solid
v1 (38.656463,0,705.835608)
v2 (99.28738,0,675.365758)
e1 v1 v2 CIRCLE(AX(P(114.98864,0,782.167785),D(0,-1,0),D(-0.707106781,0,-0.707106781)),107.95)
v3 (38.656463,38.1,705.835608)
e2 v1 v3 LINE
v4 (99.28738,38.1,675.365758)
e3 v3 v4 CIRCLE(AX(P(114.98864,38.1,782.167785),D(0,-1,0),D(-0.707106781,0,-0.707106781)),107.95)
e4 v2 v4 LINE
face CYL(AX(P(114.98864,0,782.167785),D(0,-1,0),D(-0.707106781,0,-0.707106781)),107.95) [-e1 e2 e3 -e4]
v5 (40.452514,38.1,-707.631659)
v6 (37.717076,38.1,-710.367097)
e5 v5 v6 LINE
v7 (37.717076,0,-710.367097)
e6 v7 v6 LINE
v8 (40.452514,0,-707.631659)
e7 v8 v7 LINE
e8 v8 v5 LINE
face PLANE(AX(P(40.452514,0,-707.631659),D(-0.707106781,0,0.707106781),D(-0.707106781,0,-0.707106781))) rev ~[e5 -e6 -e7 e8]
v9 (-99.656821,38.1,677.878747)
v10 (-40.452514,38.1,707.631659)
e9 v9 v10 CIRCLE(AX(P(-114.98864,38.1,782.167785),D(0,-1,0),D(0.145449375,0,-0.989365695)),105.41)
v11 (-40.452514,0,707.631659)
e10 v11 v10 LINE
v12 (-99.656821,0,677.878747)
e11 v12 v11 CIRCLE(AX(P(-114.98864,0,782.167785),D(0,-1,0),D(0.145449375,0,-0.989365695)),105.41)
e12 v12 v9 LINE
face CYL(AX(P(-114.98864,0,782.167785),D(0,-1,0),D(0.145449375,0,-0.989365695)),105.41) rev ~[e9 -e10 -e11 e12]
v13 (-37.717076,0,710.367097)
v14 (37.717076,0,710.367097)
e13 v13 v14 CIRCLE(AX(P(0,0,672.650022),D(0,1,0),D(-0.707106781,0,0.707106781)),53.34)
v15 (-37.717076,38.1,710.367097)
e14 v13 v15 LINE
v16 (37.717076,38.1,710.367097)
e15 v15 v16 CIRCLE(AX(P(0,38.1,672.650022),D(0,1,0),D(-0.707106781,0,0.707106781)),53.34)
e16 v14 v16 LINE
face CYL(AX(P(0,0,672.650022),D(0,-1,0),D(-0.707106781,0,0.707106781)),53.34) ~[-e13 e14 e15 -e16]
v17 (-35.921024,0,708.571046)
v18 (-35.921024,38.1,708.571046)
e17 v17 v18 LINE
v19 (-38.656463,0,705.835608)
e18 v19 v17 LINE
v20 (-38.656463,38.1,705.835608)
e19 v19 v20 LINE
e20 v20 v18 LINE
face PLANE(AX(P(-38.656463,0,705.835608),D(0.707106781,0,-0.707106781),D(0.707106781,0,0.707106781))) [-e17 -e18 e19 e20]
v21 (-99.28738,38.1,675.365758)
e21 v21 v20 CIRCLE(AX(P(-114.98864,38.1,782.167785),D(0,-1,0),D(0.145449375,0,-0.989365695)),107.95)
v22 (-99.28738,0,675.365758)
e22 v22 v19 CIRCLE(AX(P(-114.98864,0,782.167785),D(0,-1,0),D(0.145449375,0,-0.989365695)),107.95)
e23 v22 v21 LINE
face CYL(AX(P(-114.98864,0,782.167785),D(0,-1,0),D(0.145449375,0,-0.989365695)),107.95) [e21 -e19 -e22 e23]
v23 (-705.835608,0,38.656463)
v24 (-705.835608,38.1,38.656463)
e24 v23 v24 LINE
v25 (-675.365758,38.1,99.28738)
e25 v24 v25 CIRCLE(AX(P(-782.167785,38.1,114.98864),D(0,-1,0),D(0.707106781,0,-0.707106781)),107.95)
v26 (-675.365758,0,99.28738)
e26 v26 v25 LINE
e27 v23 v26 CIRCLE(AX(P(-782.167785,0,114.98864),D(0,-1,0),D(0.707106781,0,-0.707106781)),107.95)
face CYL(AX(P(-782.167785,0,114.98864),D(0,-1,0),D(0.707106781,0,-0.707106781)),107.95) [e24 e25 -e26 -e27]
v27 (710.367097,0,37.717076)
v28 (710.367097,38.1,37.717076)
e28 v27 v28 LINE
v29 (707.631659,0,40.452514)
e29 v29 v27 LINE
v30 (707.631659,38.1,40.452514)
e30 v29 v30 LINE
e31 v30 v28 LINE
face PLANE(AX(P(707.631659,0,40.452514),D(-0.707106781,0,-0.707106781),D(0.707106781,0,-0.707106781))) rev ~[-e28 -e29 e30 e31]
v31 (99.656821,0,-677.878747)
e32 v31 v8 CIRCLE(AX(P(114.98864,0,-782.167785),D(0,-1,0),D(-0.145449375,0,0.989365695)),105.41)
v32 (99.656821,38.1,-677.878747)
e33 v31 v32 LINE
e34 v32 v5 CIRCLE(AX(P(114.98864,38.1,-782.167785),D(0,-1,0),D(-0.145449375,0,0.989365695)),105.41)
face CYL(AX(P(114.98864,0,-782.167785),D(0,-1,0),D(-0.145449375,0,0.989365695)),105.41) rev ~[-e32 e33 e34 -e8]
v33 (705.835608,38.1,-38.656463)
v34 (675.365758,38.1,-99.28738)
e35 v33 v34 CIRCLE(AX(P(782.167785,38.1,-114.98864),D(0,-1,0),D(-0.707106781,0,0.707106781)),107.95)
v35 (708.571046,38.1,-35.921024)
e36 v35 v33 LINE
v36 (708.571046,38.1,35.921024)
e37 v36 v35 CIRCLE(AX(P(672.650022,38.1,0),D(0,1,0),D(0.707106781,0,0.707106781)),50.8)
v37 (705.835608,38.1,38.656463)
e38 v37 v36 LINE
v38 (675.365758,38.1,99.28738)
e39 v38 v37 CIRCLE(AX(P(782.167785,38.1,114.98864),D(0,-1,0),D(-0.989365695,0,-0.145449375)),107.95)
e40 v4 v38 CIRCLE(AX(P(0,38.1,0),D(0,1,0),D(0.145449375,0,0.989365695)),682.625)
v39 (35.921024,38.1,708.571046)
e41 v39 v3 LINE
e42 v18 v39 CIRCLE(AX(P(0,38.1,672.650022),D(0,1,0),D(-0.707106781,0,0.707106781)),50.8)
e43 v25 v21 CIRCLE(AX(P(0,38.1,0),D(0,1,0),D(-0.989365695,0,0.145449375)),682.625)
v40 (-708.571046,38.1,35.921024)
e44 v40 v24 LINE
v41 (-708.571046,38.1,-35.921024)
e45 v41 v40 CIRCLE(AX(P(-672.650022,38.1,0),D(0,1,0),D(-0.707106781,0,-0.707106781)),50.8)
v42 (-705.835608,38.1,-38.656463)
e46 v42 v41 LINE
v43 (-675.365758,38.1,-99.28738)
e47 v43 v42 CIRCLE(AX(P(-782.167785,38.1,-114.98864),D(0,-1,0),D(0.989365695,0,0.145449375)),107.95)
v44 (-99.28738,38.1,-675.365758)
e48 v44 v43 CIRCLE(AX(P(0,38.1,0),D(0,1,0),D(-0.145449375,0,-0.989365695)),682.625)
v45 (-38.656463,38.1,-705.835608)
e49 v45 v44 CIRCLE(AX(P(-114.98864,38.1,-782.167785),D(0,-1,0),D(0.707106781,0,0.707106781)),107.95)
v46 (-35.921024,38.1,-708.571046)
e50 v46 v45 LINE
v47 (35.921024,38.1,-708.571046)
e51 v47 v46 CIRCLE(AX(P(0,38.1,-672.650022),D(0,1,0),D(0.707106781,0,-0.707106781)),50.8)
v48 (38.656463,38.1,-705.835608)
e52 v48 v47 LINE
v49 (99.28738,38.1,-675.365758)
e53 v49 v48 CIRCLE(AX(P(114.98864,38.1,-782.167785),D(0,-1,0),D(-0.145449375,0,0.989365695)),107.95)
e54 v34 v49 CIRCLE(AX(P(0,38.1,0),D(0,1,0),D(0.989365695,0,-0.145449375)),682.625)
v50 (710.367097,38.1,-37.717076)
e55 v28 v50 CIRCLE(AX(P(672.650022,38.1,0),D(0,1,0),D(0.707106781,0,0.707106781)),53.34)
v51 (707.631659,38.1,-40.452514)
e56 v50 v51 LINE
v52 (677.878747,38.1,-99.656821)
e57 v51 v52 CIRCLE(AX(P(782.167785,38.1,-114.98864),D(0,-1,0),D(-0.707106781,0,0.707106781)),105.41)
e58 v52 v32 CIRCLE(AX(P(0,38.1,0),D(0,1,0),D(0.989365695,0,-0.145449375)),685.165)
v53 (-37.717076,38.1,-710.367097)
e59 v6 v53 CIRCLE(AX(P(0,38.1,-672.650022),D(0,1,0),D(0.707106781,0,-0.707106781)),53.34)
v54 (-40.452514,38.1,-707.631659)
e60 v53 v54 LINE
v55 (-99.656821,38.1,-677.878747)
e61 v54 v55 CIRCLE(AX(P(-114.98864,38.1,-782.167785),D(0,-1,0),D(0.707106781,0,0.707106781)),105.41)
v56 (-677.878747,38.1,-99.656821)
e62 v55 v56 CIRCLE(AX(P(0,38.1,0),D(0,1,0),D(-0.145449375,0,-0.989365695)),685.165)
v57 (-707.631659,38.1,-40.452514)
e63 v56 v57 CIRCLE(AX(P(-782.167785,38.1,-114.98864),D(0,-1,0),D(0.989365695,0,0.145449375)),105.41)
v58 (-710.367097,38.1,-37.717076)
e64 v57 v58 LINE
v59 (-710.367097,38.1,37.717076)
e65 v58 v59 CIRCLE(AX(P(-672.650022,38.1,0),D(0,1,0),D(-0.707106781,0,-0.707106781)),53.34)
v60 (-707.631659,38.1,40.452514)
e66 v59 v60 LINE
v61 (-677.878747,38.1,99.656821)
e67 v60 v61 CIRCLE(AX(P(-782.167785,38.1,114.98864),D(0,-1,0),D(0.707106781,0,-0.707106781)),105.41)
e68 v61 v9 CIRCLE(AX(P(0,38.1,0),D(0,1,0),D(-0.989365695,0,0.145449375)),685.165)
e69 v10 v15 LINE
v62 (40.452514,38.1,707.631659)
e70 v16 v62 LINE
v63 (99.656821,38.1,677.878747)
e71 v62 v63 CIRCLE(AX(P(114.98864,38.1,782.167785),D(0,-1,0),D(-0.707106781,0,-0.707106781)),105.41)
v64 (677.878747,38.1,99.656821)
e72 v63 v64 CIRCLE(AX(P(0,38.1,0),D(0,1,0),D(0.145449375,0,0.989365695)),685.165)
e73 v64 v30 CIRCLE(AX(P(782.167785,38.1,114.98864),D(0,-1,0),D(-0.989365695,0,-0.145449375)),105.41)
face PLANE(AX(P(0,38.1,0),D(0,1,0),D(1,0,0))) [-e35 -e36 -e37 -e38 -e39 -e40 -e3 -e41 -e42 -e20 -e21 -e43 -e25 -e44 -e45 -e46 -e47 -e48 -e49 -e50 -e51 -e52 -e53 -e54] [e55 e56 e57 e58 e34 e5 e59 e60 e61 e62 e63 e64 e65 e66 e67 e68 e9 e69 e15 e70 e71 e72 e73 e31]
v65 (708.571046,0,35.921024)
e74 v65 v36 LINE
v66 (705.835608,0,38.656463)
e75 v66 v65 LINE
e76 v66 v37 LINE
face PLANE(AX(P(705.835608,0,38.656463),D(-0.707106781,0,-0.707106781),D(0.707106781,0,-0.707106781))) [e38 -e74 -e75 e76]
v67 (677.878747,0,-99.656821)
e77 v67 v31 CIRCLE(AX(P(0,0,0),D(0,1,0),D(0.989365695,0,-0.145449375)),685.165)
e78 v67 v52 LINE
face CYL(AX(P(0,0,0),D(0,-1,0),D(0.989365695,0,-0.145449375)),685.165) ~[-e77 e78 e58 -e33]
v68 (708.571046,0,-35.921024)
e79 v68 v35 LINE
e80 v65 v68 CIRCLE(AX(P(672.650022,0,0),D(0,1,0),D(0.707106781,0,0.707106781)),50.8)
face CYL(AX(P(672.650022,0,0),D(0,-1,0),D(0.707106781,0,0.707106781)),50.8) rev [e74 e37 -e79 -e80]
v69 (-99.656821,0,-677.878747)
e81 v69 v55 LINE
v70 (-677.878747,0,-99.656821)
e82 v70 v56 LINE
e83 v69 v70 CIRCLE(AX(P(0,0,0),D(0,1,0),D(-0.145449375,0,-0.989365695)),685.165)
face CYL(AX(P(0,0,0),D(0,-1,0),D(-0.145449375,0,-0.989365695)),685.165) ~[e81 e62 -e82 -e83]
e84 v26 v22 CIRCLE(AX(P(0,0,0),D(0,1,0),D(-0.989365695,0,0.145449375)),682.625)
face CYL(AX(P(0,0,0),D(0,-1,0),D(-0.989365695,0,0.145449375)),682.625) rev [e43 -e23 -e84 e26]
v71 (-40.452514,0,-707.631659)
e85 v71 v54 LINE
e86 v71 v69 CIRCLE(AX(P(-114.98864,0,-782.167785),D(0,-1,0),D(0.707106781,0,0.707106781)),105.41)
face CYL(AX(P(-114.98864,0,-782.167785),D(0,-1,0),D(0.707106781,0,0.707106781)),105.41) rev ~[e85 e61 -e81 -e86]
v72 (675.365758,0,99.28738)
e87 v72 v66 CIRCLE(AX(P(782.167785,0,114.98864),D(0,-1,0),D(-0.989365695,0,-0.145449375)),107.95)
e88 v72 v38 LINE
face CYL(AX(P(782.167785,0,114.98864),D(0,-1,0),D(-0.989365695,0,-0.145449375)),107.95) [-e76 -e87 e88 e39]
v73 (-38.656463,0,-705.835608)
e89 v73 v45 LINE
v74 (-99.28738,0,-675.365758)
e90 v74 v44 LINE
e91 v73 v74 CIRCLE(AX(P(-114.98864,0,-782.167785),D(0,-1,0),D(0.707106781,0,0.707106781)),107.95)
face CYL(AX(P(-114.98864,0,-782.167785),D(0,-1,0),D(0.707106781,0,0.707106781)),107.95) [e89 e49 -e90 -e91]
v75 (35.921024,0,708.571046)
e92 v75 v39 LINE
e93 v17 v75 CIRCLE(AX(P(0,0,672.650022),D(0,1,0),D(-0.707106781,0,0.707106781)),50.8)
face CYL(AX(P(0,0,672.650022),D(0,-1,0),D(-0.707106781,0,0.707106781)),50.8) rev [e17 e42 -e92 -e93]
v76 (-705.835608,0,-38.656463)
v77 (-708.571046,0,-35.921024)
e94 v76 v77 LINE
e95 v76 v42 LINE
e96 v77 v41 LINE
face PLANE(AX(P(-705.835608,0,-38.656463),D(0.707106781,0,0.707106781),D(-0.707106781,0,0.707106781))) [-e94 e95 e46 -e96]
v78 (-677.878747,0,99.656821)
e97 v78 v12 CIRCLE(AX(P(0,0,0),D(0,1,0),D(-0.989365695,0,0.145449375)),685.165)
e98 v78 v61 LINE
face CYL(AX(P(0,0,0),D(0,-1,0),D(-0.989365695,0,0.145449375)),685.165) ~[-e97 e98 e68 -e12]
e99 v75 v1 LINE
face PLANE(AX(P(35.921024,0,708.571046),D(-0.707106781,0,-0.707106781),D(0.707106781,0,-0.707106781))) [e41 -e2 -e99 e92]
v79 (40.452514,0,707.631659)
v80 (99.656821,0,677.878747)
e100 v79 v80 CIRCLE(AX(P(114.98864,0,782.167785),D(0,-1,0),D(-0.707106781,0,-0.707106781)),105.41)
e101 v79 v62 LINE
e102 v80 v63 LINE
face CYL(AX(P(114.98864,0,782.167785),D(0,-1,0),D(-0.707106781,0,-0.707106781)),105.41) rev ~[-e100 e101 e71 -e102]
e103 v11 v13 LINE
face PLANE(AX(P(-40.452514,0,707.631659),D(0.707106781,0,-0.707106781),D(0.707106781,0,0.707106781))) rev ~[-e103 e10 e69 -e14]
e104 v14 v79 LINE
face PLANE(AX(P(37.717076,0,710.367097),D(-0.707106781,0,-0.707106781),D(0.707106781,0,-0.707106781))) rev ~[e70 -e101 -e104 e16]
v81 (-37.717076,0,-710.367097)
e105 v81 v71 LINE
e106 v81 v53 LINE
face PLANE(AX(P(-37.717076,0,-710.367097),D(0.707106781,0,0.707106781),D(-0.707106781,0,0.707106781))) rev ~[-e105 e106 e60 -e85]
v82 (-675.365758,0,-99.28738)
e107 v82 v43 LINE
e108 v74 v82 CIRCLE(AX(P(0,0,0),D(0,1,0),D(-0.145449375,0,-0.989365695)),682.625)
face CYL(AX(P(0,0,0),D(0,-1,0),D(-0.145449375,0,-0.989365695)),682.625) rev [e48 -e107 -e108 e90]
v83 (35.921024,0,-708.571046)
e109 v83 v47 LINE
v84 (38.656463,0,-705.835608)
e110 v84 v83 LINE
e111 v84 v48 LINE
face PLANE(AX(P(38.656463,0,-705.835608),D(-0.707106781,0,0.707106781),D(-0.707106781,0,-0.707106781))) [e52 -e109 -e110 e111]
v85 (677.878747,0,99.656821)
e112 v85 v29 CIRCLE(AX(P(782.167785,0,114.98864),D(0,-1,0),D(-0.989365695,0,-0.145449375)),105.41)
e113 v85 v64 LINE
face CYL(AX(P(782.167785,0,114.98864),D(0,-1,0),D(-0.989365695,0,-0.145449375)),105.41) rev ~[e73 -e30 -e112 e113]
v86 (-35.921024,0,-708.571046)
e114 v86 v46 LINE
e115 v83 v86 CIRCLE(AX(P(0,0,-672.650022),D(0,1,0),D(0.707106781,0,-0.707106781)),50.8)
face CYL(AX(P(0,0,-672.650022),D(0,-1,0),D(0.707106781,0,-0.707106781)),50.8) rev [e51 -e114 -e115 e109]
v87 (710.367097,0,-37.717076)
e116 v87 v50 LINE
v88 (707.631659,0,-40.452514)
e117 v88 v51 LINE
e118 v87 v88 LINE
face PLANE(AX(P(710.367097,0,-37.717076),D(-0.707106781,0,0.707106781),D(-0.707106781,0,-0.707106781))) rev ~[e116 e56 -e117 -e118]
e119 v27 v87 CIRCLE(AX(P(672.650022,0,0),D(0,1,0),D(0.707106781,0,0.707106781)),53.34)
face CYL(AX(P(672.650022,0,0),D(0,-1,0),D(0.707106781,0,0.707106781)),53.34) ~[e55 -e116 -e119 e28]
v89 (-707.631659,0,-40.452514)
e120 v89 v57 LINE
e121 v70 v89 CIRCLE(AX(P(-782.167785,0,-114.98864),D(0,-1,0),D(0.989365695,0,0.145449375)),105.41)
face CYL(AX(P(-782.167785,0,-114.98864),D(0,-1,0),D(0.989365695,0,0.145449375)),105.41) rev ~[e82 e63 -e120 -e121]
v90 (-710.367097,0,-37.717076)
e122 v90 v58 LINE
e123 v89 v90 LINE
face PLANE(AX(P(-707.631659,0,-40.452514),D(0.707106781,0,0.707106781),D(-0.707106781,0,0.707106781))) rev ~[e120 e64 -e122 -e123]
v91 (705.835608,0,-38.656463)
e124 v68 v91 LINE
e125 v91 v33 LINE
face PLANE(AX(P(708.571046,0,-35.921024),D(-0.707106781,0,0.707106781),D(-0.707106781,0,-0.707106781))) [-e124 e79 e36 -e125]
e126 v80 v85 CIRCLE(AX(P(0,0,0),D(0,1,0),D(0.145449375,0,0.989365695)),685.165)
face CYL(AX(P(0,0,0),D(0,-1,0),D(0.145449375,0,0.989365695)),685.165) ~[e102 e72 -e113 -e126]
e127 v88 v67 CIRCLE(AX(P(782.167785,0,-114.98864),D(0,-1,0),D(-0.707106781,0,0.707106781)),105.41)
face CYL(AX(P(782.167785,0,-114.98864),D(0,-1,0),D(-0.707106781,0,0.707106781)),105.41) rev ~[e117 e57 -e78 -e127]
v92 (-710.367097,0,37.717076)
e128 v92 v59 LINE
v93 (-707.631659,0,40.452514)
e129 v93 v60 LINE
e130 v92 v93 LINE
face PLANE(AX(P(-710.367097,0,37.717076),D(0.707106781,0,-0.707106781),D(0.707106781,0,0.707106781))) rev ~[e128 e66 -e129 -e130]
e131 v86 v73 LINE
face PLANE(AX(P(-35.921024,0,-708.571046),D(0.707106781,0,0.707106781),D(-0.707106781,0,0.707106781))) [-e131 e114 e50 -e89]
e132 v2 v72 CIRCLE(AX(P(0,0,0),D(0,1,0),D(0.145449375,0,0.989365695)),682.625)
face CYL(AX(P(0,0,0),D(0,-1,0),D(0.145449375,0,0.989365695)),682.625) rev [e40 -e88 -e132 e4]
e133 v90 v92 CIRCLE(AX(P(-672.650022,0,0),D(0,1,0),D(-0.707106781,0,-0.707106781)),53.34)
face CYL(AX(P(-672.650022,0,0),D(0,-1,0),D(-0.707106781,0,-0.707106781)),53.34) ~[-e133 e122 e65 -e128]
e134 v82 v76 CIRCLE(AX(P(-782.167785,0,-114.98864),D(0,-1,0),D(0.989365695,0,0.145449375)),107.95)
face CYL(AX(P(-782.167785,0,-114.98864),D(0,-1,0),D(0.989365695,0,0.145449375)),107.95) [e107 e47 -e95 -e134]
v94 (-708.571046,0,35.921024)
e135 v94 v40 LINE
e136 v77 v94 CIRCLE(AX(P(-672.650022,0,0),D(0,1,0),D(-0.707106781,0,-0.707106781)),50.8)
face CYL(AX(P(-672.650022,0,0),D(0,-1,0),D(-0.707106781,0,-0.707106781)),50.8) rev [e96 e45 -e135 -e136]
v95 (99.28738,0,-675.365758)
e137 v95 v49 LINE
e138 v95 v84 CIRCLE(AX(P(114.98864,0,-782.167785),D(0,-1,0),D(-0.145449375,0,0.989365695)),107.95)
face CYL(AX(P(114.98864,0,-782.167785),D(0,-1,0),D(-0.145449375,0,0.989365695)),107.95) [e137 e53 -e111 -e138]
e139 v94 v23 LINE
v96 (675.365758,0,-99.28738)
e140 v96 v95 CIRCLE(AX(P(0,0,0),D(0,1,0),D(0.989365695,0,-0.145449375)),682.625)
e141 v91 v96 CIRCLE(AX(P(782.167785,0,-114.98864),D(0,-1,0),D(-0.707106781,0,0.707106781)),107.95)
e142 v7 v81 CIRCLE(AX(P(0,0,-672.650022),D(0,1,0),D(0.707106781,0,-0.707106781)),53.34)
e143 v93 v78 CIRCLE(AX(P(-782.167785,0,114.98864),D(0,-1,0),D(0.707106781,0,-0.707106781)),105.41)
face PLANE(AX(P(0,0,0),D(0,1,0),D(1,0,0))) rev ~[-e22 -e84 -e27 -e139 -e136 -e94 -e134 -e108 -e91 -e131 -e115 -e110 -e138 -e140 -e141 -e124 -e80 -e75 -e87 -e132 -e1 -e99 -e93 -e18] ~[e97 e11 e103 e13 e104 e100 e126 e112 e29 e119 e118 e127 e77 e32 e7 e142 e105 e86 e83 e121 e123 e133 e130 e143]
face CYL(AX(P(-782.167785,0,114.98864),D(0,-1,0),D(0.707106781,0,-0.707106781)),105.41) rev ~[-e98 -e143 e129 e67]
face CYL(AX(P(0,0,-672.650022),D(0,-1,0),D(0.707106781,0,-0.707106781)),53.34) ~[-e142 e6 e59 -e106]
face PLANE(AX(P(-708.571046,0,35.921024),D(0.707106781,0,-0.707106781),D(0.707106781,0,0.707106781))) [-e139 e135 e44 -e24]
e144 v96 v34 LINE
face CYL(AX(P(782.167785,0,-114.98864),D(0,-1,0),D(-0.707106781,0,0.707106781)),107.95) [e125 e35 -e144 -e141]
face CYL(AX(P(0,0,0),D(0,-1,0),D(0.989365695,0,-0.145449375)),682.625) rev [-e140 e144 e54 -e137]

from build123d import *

# Parameters (mm, degrees)
EXTRUDE_THIN1_DEPTH = 38.1


with BuildPart() as part:
    # Sketch1 → Extrude-Thin1 (new body)
    with BuildSketch(Plane(origin=(0, 0, 0), x_dir=(1, 0, 0), z_dir=(0, 1, 0))):
        with BuildLine():
            Line((40.452514176, 707.631658817), (37.717075708, 710.367097284))
            ThreePointArc((37.717075708, 710.367097284), (0, 725.990021576), (-37.717075708, 710.367097284))
            Line((-37.717075708, 710.367097284), (-40.452514176, 707.631658817))
            ThreePointArc((-40.452514176, 707.631658817), (-67.656084524, 687.982343635), (-99.656821316, 677.878746672))
            ThreePointArc((-99.656821316, 677.878746672), (-484.484817732, 484.484817732), (-677.878746672, 99.656821316))
            ThreePointArc((-677.878746672, 99.656821316), (-687.982343635, 67.656084524), (-707.631658817, 40.452514176))
            Line((-707.631658817, 40.452514176), (-710.367097284, 37.717075708))
            ThreePointArc((-710.367097284, 37.717075708), (-725.990021576, 0), (-710.367097284, -37.717075708))
            Line((-710.367097284, -37.717075708), (-707.631658817, -40.452514176))
            ThreePointArc((-707.631658817, -40.452514176), (-687.982343635, -67.656084524), (-677.878746672, -99.656821316))
            ThreePointArc((-677.878746672, -99.656821316), (-484.484817732, -484.484817732), (-99.656821316, -677.878746672))
            ThreePointArc((-99.656821316, -677.878746672), (-67.656084524, -687.982343635), (-40.452514176, -707.631658817))
            Line((-40.452514176, -707.631658817), (-37.717075708, -710.367097284))
            ThreePointArc((-37.717075708, -710.367097284), (0, -725.990021576), (37.717075708, -710.367097284))
            Line((37.717075708, -710.367097284), (40.452514176, -707.631658817))
            ThreePointArc((40.452514176, -707.631658817), (67.656084524, -687.982343635), (99.656821316, -677.878746672))
            ThreePointArc((99.656821316, -677.878746672), (484.484817732, -484.484817732), (677.878746672, -99.656821316))
            ThreePointArc((677.878746672, -99.656821316), (687.982343635, -67.656084524), (707.631658817, -40.452514176))
            Line((707.631658817, -40.452514176), (710.367097284, -37.717075708))
            ThreePointArc((710.367097284, -37.717075708), (725.990021576, 0), (710.367097284, 37.717075708))
            Line((710.367097284, 37.717075708), (707.631658817, 40.452514176))
            ThreePointArc((707.631658817, 40.452514176), (687.982343635, 67.656084524), (677.878746672, 99.656821316))
            ThreePointArc((677.878746672, 99.656821316), (484.484817732, 484.484817732), (99.656821316, 677.878746672))
            ThreePointArc((99.656821316, 677.878746672), (67.656084524, 687.982343635), (40.452514176, 707.631658817))
        make_face()
        with BuildLine():
            Line((38.656462951, 705.835607593), (35.921024484, 708.57104606))
            ThreePointArc((35.921024484, 708.57104606), (0, 723.450021576), (-35.921024484, 708.57104606))
            Line((-35.921024484, 708.57104606), (-38.656462951, 705.835607593))
            ThreePointArc((-38.656462951, 705.835607593), (-66.515541019, 685.712814936), (-99.287379903, 675.365757806))
            ThreePointArc((-99.287379903, 675.365757806), (-482.688766507, 482.688766507), (-675.365757806, 99.287379903))
            ThreePointArc((-675.365757806, 99.287379903), (-685.712814936, 66.515541019), (-705.835607593, 38.656462951))
            Line((-705.835607593, 38.656462951), (-708.57104606, 35.921024484))
            ThreePointArc((-708.57104606, 35.921024484), (-723.450021576, 0), (-708.57104606, -35.921024484))
            Line((-708.57104606, -35.921024484), (-705.835607593, -38.656462951))
            ThreePointArc((-705.835607593, -38.656462951), (-685.712814936, -66.515541019), (-675.365757806, -99.287379903))
            ThreePointArc((-675.365757806, -99.287379903), (-482.688766507, -482.688766507), (-99.287379903, -675.365757806))
            ThreePointArc((-99.287379903, -675.365757806), (-66.515541019, -685.712814936), (-38.656462951, -705.835607593))
            Line((-38.656462951, -705.835607593), (-35.921024484, -708.57104606))
            ThreePointArc((-35.921024484, -708.57104606), (0, -723.450021576), (35.921024484, -708.57104606))
            Line((35.921024484, -708.57104606), (38.656462951, -705.835607593))
            ThreePointArc((38.656462951, -705.835607593), (66.515541019, -685.712814936), (99.287379903, -675.365757806))
            ThreePointArc((99.287379903, -675.365757806), (482.688766507, -482.688766507), (675.365757806, -99.287379903))
            ThreePointArc((675.365757806, -99.287379903), (685.712814936, -66.515541019), (705.835607593, -38.656462951))
            Line((705.835607593, -38.656462951), (708.57104606, -35.921024484))
            ThreePointArc((708.57104606, -35.921024484), (723.450021576, 0), (708.57104606, 35.921024484))
            Line((708.57104606, 35.921024484), (705.835607593, 38.656462951))
            ThreePointArc((705.835607593, 38.656462951), (685.712814936, 66.515541019), (675.365757806, 99.287379903))
            ThreePointArc((675.365757806, 99.287379903), (482.688766507, 482.688766507), (99.287379903, 675.365757806))
            ThreePointArc((99.287379903, 675.365757806), (66.515541019, 685.712814936), (38.656462951, 705.835607593))
        make_face(mode=Mode.SUBTRACT)
    extrude(amount=EXTRUDE_THIN1_DEPTH)


solid = part.part
